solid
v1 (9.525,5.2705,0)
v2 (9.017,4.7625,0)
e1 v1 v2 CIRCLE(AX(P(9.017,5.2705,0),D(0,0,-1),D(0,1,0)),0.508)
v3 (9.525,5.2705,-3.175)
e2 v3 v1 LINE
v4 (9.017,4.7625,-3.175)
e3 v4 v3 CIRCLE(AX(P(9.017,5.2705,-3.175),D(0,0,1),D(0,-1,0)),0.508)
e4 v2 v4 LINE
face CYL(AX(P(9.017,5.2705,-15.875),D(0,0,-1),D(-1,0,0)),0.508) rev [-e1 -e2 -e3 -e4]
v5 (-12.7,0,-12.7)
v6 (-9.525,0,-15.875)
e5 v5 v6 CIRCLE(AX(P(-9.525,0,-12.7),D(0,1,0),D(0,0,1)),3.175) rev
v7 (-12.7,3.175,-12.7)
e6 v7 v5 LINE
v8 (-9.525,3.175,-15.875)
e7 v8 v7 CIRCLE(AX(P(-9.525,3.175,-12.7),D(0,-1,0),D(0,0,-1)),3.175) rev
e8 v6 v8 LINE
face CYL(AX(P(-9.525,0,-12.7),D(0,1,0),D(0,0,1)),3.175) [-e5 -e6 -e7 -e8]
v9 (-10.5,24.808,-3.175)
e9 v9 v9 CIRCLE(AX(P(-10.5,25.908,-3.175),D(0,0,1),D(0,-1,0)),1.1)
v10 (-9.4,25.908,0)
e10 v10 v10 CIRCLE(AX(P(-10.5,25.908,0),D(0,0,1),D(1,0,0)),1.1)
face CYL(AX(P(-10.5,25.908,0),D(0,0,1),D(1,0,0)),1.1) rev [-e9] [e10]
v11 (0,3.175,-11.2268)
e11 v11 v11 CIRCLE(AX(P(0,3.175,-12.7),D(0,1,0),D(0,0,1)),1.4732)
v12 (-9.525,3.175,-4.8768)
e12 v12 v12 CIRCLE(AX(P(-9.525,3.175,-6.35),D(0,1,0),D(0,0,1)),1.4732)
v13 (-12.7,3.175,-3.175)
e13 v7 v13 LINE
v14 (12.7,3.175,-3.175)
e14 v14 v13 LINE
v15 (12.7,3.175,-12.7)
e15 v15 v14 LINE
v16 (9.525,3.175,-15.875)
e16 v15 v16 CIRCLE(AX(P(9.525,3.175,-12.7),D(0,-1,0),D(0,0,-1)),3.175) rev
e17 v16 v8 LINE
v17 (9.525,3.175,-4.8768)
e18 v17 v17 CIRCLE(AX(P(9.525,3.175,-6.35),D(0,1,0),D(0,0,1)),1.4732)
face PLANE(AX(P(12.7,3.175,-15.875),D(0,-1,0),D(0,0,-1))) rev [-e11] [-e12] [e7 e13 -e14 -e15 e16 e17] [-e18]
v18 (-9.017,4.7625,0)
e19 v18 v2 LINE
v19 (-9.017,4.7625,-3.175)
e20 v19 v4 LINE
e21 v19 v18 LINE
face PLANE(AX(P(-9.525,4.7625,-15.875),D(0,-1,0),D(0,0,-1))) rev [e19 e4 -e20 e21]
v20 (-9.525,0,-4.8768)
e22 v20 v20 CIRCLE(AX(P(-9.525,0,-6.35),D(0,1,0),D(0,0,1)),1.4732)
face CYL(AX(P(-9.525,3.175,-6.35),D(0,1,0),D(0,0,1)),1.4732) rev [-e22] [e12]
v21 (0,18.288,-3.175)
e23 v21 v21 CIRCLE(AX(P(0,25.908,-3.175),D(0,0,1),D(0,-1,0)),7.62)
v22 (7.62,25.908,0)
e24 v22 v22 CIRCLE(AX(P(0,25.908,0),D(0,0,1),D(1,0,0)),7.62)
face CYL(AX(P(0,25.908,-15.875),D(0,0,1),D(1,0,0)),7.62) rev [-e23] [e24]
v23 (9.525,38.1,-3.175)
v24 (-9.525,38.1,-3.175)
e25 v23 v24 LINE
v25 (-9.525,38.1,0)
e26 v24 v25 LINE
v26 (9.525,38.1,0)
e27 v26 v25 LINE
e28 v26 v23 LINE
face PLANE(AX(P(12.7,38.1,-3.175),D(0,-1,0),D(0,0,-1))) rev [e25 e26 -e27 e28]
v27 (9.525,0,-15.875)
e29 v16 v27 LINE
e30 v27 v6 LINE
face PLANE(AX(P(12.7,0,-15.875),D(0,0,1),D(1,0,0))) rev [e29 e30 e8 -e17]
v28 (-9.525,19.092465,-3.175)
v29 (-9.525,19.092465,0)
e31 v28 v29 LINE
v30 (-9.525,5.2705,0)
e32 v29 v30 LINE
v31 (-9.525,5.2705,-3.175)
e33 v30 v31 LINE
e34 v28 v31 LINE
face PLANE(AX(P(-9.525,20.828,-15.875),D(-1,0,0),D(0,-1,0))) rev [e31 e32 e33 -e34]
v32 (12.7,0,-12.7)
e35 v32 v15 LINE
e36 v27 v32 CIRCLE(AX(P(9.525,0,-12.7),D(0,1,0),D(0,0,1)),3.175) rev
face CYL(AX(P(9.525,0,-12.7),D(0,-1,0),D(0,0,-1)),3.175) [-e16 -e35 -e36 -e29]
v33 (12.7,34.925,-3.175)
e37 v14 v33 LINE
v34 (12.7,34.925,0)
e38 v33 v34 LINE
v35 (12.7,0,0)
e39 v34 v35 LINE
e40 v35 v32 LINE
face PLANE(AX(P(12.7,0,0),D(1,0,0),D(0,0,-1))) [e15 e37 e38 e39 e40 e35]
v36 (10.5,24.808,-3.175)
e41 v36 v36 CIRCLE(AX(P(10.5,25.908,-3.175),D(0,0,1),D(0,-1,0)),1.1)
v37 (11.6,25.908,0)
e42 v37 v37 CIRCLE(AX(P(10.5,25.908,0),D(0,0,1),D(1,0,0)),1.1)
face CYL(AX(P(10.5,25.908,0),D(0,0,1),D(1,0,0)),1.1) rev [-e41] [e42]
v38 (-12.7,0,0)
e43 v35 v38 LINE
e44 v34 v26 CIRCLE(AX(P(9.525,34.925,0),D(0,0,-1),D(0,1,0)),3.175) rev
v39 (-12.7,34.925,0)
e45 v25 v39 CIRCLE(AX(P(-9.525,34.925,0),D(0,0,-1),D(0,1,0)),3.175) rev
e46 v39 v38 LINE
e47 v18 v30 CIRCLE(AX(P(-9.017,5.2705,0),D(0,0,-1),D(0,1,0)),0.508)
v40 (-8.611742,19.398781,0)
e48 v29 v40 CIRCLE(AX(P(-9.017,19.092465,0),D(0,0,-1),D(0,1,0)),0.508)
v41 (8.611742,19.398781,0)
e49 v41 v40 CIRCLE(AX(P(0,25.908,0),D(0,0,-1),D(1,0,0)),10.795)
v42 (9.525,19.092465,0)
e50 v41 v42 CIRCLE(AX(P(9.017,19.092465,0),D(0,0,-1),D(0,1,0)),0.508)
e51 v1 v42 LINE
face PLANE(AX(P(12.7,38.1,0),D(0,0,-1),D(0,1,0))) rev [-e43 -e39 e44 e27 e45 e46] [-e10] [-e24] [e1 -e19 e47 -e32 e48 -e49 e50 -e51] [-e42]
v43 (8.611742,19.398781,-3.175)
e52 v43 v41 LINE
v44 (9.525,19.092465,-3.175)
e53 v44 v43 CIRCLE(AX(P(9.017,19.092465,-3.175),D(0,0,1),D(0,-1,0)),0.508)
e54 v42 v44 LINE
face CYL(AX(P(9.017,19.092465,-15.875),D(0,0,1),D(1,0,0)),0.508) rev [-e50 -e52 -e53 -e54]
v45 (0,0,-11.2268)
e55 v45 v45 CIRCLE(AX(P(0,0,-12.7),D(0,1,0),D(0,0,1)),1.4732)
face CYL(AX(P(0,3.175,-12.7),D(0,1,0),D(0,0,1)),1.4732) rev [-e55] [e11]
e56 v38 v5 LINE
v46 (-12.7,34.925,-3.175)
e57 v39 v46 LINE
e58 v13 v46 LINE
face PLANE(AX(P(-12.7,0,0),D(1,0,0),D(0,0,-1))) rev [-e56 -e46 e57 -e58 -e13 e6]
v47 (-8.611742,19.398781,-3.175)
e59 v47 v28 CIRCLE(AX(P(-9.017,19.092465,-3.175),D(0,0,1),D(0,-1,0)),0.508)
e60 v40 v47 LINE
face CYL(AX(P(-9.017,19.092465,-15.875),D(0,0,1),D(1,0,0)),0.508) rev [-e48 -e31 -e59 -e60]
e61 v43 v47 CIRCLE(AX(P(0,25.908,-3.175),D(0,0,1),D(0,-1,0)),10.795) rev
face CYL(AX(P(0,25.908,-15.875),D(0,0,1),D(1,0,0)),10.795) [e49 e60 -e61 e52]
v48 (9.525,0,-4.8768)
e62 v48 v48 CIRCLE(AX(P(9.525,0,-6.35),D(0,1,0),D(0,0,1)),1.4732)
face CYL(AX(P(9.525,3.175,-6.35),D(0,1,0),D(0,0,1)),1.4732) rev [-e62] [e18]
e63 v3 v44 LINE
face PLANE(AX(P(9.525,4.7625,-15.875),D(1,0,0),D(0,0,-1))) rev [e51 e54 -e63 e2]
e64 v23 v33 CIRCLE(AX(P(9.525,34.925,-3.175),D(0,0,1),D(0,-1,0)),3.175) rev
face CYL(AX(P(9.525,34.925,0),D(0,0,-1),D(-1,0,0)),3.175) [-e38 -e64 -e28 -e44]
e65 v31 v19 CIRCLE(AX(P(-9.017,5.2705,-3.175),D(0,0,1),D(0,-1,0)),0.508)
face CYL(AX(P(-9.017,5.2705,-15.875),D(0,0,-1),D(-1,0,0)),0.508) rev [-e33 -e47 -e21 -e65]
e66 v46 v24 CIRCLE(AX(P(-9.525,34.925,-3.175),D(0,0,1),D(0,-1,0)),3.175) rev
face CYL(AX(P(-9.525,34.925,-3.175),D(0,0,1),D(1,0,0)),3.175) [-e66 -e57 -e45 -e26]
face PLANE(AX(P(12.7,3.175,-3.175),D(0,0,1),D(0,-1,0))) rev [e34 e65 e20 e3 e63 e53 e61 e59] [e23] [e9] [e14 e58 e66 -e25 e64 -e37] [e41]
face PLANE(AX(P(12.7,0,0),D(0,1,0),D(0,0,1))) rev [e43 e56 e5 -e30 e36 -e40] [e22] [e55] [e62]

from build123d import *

# Parameters (mm, degrees)
BOSS_EXTRUDE1_DEPTH   = 12.7
SKETCH2_R             = 7.62
CUT_EXTRUDE1_DEPTH    = 16.875
FILLET1_R             = 3.175
F_4_CLEARANCE_HOLE1_D = 2.9464
M2_CLEARANCE_HOLE1_D  = 2.2
CUT_EXTRUDE2_DEPTH    = 16.875
FILLET2_R             = 0.508


with BuildPart() as part:
    # Sketch1 → Boss-Extrude1 (new body, symmetric)
    with BuildSketch(Plane(origin=(0, 0, 0), x_dir=(0, 0, -1), z_dir=(1, 0, 0))):
        Polygon((0, 38.1), (0, 0), (15.875, 0), (15.875, 3.175), (3.175, 3.175), (3.175, 38.1), align=None)
    extrude(amount=BOSS_EXTRUDE1_DEPTH, both=True)

    # Sketch2 → Cut-Extrude1 (cut, through all)
    with BuildSketch(Plane.XY):
        with Locations((0, 25.908)):
            Circle(SKETCH2_R)
    extrude(amount=-CUT_EXTRUDE1_DEPTH, mode=Mode.SUBTRACT)

    # Fillet1
    fillet1_edges = [part.edges().sort_by_distance(p)[0] for p in [
        (12.7, 1.5875, -15.875),
        (12.7, 38.1, -1.5875),
        (-12.7, 1.5875, -15.875),
        (-12.7, 38.1, -1.5875),
    ]]
    fillet(fillet1_edges, radius=FILLET1_R)

    # #4 Clearance Hole1 (through all)
    with Locations(Plane(origin=(0, 3.175, 0), x_dir=(1, 0, 0), z_dir=(0, 1, 0))):
        with Locations((-9.525, 6.35), (0, 12.7), (9.525, 6.35)):
            Hole(F_4_CLEARANCE_HOLE1_D / 2)

    # M2 Clearance Hole1 (through all)
    with Locations(Plane(origin=(32.851265871, 6.645872946, 0), x_dir=(0, 1, 0), z_dir=(0, 0, 1))):
        with Locations((19.262127054, 22.351265871), (19.262127054, 43.351265871)):
            Hole(M2_CLEARANCE_HOLE1_D / 2)

    # Sketch7 → Cut-Extrude2 (cut, through all)
    with BuildSketch(Plane.XY):
        with BuildLine():
            Line((-9.525, 20.828), (-9.525, 4.7625))
            Line((-9.525, 4.7625), (9.525, 4.7625))
            Line((9.525, 4.7625), (9.525, 20.828))
            ThreePointArc((9.525, 20.828), (0, 15.113), (-9.525, 20.828))
        make_face()
    extrude(amount=-CUT_EXTRUDE2_DEPTH, mode=Mode.SUBTRACT)

    # Fillet2
    fillet2_edges = [part.edges().sort_by_distance(p)[0] for p in [
        (-9.525, 20.828, -1.5875),
        (9.525, 20.828, -1.5875),
        (9.525, 4.7625, -1.5875),
        (-9.525, 4.7625, -1.5875),
    ]]
    fillet(fillet2_edges, radius=FILLET2_R)


solid = part.part
